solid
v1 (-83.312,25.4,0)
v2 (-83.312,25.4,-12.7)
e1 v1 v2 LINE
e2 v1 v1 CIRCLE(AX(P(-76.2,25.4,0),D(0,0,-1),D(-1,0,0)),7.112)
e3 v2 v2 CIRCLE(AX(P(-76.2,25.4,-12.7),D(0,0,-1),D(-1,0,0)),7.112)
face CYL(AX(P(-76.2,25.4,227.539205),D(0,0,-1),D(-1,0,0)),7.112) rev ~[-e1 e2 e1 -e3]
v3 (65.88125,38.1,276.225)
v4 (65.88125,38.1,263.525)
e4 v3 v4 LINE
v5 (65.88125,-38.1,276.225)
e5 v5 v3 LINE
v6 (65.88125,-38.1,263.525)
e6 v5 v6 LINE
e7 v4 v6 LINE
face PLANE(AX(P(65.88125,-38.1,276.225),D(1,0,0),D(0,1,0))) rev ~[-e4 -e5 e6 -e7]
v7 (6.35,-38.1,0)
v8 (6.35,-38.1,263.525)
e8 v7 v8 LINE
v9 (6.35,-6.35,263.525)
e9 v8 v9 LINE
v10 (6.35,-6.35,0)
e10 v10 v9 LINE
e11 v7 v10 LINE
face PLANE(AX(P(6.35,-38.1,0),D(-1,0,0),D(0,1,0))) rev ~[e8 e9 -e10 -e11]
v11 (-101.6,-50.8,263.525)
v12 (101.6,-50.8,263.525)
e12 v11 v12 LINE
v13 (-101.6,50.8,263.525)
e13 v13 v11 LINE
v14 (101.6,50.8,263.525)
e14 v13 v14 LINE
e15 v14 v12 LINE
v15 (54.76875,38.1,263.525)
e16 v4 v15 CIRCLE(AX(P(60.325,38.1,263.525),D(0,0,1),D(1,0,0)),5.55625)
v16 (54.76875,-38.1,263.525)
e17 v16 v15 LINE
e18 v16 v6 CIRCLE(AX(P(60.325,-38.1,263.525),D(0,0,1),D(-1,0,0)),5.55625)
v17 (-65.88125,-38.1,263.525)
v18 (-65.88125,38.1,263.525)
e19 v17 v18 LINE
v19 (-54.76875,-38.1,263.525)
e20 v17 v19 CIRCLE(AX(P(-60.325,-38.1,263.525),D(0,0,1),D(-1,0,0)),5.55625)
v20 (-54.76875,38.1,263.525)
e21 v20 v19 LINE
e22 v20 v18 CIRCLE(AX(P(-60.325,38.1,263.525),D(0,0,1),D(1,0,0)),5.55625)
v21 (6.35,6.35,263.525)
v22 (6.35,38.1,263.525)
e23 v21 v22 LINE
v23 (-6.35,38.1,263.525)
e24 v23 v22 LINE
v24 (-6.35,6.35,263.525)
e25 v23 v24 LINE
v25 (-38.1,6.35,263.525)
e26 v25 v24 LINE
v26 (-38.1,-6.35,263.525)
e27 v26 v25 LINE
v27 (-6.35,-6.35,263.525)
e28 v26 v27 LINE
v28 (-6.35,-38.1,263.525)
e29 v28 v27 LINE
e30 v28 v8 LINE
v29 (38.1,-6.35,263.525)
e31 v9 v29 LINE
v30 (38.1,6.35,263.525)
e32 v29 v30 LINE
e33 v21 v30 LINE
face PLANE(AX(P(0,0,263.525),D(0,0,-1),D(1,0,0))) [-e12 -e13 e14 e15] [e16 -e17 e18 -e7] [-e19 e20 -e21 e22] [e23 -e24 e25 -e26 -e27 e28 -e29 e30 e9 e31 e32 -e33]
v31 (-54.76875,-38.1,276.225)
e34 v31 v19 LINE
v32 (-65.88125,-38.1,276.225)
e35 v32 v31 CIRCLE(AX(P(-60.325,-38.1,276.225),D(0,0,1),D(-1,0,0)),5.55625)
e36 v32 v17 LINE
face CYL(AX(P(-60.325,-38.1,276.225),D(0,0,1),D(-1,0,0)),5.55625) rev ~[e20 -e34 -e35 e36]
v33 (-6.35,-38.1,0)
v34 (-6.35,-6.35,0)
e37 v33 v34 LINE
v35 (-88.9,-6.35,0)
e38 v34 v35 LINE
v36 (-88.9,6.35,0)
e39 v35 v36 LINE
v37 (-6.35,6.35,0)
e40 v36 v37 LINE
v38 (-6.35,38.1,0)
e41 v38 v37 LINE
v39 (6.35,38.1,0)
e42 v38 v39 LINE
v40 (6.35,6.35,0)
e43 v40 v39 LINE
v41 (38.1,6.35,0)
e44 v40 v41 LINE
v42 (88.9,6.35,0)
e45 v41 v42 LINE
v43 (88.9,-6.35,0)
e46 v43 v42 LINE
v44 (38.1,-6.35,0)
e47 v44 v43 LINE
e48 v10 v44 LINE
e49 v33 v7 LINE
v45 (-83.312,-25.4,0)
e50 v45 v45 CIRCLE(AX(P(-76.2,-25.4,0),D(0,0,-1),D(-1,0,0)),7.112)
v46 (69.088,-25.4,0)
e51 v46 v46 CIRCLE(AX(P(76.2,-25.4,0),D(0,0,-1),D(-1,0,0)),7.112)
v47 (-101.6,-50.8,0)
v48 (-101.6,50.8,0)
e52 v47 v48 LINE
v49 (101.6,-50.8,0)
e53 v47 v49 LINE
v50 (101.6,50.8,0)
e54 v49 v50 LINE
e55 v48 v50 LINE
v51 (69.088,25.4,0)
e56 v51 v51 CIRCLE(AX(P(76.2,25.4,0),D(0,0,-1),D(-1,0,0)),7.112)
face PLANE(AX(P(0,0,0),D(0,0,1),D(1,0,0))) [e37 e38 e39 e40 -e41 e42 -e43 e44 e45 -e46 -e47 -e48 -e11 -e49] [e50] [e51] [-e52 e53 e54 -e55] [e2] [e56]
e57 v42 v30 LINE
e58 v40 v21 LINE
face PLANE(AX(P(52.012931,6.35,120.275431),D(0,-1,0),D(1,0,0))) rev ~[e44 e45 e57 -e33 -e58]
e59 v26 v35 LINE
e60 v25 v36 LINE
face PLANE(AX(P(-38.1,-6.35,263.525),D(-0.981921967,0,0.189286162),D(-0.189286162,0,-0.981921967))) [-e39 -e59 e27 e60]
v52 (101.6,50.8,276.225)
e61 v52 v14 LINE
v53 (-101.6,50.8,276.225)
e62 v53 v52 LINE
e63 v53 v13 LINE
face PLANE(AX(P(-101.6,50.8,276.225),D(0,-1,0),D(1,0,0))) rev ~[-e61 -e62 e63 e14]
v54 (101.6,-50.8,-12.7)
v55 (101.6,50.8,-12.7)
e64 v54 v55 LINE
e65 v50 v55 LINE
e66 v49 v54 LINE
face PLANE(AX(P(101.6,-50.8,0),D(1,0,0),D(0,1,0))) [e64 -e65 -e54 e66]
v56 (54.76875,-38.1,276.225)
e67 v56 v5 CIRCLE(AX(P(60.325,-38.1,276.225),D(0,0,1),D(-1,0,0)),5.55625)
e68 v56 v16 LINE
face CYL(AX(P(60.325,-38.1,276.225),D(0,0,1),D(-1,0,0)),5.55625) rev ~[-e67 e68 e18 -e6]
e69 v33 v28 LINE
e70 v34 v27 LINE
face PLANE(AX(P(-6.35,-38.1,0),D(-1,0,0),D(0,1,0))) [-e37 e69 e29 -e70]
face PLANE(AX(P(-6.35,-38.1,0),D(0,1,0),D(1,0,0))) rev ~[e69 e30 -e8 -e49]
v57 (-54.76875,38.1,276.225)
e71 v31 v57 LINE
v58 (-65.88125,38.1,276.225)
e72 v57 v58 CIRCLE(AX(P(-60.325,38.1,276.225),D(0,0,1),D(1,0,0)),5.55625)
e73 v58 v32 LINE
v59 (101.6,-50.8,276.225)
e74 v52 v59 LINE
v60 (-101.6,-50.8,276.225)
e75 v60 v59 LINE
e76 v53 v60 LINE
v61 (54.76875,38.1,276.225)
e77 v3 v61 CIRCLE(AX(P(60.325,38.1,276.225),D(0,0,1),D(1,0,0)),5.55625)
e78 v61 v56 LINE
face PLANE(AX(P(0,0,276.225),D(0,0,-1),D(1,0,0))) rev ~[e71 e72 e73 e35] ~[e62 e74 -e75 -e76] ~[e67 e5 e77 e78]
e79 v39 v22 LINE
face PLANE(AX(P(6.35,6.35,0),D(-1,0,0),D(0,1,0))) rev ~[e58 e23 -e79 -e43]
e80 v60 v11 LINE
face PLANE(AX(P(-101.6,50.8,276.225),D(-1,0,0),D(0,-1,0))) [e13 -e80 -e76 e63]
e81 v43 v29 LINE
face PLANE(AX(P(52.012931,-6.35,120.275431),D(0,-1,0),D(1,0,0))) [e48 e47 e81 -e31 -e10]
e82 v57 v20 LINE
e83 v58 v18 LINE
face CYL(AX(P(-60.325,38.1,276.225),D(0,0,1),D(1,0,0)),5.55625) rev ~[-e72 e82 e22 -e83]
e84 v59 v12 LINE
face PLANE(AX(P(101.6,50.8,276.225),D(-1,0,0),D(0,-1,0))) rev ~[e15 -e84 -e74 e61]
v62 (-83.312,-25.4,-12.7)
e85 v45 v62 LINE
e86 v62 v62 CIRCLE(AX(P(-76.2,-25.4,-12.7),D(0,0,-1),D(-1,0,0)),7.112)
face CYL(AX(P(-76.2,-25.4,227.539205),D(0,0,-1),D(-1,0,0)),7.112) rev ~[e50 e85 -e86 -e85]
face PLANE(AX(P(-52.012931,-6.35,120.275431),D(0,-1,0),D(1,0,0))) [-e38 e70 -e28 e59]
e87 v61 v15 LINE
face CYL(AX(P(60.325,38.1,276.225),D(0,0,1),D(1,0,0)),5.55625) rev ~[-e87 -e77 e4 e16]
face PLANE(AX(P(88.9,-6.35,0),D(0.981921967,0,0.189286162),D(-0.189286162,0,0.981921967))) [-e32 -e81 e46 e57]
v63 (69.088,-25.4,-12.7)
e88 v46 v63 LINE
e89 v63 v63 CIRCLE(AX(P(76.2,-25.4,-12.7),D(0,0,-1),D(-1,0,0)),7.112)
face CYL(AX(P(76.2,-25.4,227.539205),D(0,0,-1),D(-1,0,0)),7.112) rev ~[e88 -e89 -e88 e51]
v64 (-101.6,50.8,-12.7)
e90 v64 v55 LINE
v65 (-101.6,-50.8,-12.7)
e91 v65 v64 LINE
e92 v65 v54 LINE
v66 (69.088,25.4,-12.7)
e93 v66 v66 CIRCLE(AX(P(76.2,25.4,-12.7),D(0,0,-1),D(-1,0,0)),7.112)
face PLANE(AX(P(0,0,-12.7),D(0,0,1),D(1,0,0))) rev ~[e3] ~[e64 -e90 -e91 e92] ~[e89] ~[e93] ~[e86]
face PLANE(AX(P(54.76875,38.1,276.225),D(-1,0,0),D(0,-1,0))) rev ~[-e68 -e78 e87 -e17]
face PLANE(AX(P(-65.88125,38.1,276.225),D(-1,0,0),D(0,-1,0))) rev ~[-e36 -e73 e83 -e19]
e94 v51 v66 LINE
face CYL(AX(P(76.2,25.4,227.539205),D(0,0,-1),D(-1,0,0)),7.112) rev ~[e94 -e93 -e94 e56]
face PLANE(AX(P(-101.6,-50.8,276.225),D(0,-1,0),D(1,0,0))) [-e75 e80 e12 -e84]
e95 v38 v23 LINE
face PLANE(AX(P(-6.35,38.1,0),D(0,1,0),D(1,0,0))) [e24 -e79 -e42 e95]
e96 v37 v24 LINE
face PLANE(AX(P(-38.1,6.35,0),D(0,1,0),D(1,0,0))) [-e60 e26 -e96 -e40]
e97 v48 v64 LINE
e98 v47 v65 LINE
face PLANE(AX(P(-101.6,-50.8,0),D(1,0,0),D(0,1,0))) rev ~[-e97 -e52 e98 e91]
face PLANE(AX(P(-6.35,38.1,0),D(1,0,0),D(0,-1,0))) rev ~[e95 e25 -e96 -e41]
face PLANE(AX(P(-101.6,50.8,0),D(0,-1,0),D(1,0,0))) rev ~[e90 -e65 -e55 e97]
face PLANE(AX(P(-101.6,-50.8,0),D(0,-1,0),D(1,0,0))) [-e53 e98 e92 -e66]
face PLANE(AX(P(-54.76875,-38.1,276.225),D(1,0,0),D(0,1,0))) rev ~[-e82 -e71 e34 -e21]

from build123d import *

# Parameters (mm, degrees)
F0_W      = 203.2
F0_H      = 101.6
F1_DEPTH  = 12.7
F2_D      = 14.224
F4_W      = 203.2
F4_H      = 101.6
F5_DEPTH  = 12.7
F6_W      = 12.7
F6_H      = 31.75
F6_H_2    = 12.7
F6_W_2    = 31.75
F7_DEPTH  = 263.525
F9_DEPTH  = 25.4
F11_DEPTH = 12.7


with BuildPart() as f1:
    # F0 (on Top) → F1 (new body)
    with BuildSketch(Plane.XY):
        Rectangle(F0_W, F0_H)
    extrude(amount=-F1_DEPTH)

    # F2 (through all)
    with Locations(Plane.XY):
        with Locations((-76.2, 25.4), (76.2, 25.4), (76.2, -25.4), (-76.2, -25.4)):
            Hole(F2_D / 2)



with BuildPart() as f5:
    # F4 (on offset) → F5 (new body)
    with BuildSketch(Plane(origin=(0, 0, 276.225), x_dir=(1, 0, 0), z_dir=(0, 0, -1))):
        Rectangle(F4_W, F4_H)
    extrude(amount=F5_DEPTH)

    # F8 (on face) → F9 (cut)
    with BuildSketch(Plane.XY.offset(276.225)):
        with BuildLine():
            Line((-54.76875, -12.7), (-54.76875, 12.7))
            ThreePointArc((-54.76875, 12.7), (-60.325, 7.14375), (-65.88125, 12.7))
            Line((-65.88125, 12.7), (-65.88125, -12.7))
            ThreePointArc((-65.88125, -12.7), (-60.325, -7.14375), (-54.76875, -12.7))
        make_face()
        with BuildLine():
            ThreePointArc((-65.88125, 12.7), (-60.325, 7.14375), (-54.76875, 12.7))
            Line((-54.76875, 12.7), (-54.76875, 38.1))
            ThreePointArc((-54.76875, 38.1), (-60.325, 43.65625), (-65.88125, 38.1))
            Line((-65.88125, 38.1), (-65.88125, 12.7))
        make_face()
        with BuildLine():
            Line((-54.76875, -38.1), (-54.76875, -12.7))
            ThreePointArc((-54.76875, -12.7), (-60.325, -7.14375), (-65.88125, -12.7))
            Line((-65.88125, -12.7), (-65.88125, -38.1))
            ThreePointArc((-65.88125, -38.1), (-60.325, -43.65625), (-54.76875, -38.1))
        make_face()
        with BuildLine():
            Line((54.76875, 12.7), (54.76875, -12.7))
            ThreePointArc((54.76875, -12.7), (60.325, -7.14375), (65.88125, -12.7))
            Line((65.88125, -12.7), (65.88125, 12.7))
            ThreePointArc((65.88125, 12.7), (60.325, 7.14375), (54.76875, 12.7))
        make_face()
        with BuildLine():
            ThreePointArc((65.88125, -12.7), (60.325, -7.14375), (54.76875, -12.7))
            Line((54.76875, -12.7), (54.76875, -38.1))
            ThreePointArc((54.76875, -38.1), (60.325, -43.65625), (65.88125, -38.1))
            Line((65.88125, -38.1), (65.88125, -12.7))
        make_face()
        with BuildLine():
            Line((54.76875, 38.1), (54.76875, 12.7))
            ThreePointArc((54.76875, 12.7), (60.325, 7.14375), (65.88125, 12.7))
            Line((65.88125, 12.7), (65.88125, 38.1))
            ThreePointArc((65.88125, 38.1), (60.325, 43.65625), (54.76875, 38.1))
        make_face()
    extrude(amount=-F9_DEPTH, mode=Mode.SUBTRACT)


with BuildPart() as f7:
    # F6 (on face) → F7 (new body, through all)
    with BuildSketch(Plane.XY):
        with Locations((0, 22.225)):
            Rectangle(F6_W, F6_H)
        Rectangle(F6_W, F6_H_2)
        with Locations((-22.225, 0)):
            Rectangle(F6_W_2, F6_H_2)
        with Locations((22.225, 0)):
            Rectangle(F6_W_2, F6_H_2)
        with Locations((0, -22.225)):
            Rectangle(F6_W, F6_H)
    extrude(amount=F7_DEPTH)


with BuildPart() as f1_1:
    add(f1.part)

    add(f5.part)  # F11 merges F5

    add(f7.part)  # F11 merges F7
    # F10 (on face) → F11 (join)
    with BuildSketch(Plane.XZ.offset(6.35)):
        Polygon((88.9, 0), (38.1, 263.5250000004), (38.1, 7e-10), align=None)
        Polygon((-88.9, 0), (-38.1, 0), (-38.1, 263.5250000004), align=None)
    extrude(amount=-F11_DEPTH)


solid = f1_1.part
